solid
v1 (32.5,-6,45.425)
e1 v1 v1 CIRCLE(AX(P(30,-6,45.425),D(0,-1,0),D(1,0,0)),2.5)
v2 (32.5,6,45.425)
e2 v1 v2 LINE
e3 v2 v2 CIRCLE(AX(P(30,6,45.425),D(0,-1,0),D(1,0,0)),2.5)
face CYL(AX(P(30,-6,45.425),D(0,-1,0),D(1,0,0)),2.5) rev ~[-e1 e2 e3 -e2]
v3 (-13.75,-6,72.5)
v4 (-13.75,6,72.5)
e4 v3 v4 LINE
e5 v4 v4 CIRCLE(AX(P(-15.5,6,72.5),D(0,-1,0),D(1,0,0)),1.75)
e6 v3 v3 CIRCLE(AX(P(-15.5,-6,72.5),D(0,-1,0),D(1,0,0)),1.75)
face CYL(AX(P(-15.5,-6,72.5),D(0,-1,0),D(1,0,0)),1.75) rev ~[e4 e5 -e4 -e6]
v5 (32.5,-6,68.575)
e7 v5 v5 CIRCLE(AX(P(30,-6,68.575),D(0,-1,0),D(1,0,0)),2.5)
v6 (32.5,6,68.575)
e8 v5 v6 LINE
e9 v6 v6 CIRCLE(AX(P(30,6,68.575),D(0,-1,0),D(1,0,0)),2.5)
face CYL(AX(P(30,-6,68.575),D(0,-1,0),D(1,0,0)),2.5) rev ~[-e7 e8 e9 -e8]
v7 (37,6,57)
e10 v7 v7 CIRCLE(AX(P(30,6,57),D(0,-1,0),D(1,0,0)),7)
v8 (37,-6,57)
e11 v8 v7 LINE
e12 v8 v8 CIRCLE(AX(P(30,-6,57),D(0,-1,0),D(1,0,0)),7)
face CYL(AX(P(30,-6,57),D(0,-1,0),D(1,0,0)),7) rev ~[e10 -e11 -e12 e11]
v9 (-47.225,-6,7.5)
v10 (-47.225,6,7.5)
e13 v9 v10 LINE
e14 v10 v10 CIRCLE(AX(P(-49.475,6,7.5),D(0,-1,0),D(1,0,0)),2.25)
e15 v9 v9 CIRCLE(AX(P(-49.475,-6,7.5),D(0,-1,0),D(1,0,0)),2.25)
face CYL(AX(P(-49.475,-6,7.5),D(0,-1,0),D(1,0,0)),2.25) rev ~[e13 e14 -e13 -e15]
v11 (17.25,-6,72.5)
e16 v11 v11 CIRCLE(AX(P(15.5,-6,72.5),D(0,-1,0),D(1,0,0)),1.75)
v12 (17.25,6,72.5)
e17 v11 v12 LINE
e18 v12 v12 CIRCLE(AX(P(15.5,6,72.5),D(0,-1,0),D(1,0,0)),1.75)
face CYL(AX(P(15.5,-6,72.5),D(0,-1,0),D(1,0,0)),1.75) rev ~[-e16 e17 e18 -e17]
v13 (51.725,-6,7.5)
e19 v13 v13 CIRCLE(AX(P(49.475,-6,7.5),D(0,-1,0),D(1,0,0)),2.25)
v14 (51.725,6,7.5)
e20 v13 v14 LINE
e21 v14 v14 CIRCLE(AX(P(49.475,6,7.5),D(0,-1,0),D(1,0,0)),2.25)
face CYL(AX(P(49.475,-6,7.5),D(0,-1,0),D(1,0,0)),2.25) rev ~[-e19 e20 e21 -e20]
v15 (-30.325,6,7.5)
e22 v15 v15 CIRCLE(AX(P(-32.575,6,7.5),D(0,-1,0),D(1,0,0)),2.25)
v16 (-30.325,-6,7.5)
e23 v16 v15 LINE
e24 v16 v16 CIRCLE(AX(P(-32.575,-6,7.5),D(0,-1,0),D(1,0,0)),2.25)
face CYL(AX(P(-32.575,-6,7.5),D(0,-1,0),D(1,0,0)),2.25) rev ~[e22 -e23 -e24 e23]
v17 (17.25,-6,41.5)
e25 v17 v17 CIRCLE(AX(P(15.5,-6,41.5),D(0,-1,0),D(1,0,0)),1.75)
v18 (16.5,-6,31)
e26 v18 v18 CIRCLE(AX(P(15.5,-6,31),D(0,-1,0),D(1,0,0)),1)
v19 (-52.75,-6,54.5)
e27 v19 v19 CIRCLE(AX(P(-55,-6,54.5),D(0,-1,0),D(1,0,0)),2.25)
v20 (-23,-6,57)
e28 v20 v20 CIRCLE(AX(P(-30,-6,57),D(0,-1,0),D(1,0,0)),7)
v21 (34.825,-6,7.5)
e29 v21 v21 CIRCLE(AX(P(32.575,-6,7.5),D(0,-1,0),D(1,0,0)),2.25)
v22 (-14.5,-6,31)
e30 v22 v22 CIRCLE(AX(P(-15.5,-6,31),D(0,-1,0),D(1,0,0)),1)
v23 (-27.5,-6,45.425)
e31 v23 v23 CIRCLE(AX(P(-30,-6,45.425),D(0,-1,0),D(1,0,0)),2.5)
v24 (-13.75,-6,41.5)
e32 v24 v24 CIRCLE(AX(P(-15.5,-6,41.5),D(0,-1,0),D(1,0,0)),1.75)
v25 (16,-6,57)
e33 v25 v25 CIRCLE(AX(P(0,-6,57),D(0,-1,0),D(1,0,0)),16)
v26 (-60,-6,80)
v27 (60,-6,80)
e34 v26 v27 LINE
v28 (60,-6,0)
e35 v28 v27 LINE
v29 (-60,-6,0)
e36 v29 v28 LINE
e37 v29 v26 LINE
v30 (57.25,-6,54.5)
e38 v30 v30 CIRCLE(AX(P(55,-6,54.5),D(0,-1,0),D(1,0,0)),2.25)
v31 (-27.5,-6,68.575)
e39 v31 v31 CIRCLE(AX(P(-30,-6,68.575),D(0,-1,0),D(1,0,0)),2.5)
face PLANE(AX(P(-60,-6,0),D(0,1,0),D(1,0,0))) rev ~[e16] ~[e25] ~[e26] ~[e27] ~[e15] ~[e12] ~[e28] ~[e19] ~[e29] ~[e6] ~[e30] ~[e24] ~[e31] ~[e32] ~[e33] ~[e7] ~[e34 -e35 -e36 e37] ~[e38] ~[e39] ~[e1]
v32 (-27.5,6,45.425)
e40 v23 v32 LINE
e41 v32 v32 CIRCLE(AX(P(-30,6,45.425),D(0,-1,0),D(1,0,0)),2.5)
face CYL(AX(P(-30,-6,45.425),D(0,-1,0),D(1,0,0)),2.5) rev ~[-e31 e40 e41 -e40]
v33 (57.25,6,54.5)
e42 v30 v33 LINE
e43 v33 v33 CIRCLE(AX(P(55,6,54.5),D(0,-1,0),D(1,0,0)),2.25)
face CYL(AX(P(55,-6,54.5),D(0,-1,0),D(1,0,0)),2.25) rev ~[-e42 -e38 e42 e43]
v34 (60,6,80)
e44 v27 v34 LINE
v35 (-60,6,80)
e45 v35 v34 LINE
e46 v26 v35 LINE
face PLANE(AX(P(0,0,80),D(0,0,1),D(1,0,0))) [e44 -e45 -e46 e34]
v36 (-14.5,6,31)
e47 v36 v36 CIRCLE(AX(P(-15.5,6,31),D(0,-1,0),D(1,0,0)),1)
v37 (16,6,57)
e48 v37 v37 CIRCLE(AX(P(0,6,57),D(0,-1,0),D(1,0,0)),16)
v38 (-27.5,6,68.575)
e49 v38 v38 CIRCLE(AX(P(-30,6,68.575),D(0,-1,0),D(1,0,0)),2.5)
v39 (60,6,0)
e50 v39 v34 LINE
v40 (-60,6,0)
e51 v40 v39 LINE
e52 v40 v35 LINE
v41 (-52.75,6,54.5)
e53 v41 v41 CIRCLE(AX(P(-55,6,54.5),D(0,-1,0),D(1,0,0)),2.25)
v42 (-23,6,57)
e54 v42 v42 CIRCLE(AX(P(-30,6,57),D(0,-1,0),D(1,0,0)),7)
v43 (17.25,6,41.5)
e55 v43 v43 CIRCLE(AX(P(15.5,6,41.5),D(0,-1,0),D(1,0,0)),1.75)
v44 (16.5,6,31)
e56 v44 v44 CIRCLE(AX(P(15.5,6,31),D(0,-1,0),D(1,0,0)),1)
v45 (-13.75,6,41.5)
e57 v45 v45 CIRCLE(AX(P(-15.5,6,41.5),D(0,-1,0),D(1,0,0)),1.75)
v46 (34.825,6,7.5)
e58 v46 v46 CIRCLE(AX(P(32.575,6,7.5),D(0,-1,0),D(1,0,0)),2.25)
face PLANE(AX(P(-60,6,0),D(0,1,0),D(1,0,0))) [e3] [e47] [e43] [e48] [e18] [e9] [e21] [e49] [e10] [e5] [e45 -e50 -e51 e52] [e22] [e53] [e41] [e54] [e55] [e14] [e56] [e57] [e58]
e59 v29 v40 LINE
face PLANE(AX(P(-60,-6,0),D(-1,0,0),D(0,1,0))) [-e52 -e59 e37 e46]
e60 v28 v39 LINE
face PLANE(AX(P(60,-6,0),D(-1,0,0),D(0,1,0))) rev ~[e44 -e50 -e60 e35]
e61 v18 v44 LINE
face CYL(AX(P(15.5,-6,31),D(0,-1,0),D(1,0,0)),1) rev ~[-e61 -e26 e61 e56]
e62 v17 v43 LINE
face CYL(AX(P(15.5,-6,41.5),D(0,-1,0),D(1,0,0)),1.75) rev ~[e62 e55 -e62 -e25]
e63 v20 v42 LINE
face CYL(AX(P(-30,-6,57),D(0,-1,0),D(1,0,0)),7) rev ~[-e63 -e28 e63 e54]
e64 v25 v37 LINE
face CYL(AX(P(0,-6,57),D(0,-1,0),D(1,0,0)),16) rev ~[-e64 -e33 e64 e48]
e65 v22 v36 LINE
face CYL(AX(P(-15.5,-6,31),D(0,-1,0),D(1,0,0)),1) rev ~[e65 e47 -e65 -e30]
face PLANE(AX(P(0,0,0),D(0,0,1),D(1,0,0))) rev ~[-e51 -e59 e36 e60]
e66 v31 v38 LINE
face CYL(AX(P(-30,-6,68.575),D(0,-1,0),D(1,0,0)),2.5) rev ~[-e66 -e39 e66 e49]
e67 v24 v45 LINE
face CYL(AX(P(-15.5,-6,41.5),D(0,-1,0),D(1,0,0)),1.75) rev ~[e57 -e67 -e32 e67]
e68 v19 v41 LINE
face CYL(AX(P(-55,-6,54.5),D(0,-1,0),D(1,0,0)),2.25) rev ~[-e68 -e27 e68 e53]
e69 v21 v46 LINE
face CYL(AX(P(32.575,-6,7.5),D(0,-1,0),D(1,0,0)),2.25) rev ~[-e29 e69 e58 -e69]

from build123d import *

# Parameters (mm, degrees)
SKETCH_W      = 120
SKETCH_H      = 12
PAD_DEPTH     = 80
SKETCH001_R   = 2.25
SKETCH001_R_2 = 7
SKETCH001_R_3 = 16
SKETCH001_R_4 = 1.75
SKETCH001_R_5 = 2.5
SKETCH001_R_6 = 1
POCKET_DEPTH  = 12.001


with BuildPart() as part:
    # Sketch → Pad (new body)
    with BuildSketch(Plane.XY):
        Rectangle(SKETCH_W, SKETCH_H)
    extrude(amount=PAD_DEPTH)

    # Sketch001 → Pocket (cut, through all)
    with BuildSketch(Plane.XZ.offset(6)):
        with Locations((-49.475, 7.5)):
            Circle(SKETCH001_R)
        with Locations((-32.575, 7.5)):
            Circle(SKETCH001_R)
        with Locations((32.575, 7.5)):
            Circle(SKETCH001_R)
        with Locations((49.475, 7.5)):
            Circle(SKETCH001_R)
        with Locations((-30, 57)):
            Circle(SKETCH001_R_2)
        with Locations((30, 57)):
            Circle(SKETCH001_R_2)
        with Locations((0, 57)):
            Circle(SKETCH001_R_3)
        with Locations((-15.5, 72.5)):
            Circle(SKETCH001_R_4)
        with Locations((-15.5, 41.5)):
            Circle(SKETCH001_R_4)
        with Locations((15.5, 41.5)):
            Circle(SKETCH001_R_4)
        with Locations((15.5, 72.5)):
            Circle(SKETCH001_R_4)
        with Locations((-30, 68.575)):
            Circle(SKETCH001_R_5)
        with Locations((-30, 45.425)):
            Circle(SKETCH001_R_5)
        with Locations((30, 68.575)):
            Circle(SKETCH001_R_5)
        with Locations((30, 45.425)):
            Circle(SKETCH001_R_5)
        with Locations((-55, 54.5)):
            Circle(SKETCH001_R)
        with Locations((55, 54.5)):
            Circle(SKETCH001_R)
        with Locations((-15.5, 31)):
            Circle(SKETCH001_R_6)
        with Locations((15.5, 31)):
            Circle(SKETCH001_R_6)
    extrude(amount=-POCKET_DEPTH, mode=Mode.SUBTRACT)


solid = part.part
